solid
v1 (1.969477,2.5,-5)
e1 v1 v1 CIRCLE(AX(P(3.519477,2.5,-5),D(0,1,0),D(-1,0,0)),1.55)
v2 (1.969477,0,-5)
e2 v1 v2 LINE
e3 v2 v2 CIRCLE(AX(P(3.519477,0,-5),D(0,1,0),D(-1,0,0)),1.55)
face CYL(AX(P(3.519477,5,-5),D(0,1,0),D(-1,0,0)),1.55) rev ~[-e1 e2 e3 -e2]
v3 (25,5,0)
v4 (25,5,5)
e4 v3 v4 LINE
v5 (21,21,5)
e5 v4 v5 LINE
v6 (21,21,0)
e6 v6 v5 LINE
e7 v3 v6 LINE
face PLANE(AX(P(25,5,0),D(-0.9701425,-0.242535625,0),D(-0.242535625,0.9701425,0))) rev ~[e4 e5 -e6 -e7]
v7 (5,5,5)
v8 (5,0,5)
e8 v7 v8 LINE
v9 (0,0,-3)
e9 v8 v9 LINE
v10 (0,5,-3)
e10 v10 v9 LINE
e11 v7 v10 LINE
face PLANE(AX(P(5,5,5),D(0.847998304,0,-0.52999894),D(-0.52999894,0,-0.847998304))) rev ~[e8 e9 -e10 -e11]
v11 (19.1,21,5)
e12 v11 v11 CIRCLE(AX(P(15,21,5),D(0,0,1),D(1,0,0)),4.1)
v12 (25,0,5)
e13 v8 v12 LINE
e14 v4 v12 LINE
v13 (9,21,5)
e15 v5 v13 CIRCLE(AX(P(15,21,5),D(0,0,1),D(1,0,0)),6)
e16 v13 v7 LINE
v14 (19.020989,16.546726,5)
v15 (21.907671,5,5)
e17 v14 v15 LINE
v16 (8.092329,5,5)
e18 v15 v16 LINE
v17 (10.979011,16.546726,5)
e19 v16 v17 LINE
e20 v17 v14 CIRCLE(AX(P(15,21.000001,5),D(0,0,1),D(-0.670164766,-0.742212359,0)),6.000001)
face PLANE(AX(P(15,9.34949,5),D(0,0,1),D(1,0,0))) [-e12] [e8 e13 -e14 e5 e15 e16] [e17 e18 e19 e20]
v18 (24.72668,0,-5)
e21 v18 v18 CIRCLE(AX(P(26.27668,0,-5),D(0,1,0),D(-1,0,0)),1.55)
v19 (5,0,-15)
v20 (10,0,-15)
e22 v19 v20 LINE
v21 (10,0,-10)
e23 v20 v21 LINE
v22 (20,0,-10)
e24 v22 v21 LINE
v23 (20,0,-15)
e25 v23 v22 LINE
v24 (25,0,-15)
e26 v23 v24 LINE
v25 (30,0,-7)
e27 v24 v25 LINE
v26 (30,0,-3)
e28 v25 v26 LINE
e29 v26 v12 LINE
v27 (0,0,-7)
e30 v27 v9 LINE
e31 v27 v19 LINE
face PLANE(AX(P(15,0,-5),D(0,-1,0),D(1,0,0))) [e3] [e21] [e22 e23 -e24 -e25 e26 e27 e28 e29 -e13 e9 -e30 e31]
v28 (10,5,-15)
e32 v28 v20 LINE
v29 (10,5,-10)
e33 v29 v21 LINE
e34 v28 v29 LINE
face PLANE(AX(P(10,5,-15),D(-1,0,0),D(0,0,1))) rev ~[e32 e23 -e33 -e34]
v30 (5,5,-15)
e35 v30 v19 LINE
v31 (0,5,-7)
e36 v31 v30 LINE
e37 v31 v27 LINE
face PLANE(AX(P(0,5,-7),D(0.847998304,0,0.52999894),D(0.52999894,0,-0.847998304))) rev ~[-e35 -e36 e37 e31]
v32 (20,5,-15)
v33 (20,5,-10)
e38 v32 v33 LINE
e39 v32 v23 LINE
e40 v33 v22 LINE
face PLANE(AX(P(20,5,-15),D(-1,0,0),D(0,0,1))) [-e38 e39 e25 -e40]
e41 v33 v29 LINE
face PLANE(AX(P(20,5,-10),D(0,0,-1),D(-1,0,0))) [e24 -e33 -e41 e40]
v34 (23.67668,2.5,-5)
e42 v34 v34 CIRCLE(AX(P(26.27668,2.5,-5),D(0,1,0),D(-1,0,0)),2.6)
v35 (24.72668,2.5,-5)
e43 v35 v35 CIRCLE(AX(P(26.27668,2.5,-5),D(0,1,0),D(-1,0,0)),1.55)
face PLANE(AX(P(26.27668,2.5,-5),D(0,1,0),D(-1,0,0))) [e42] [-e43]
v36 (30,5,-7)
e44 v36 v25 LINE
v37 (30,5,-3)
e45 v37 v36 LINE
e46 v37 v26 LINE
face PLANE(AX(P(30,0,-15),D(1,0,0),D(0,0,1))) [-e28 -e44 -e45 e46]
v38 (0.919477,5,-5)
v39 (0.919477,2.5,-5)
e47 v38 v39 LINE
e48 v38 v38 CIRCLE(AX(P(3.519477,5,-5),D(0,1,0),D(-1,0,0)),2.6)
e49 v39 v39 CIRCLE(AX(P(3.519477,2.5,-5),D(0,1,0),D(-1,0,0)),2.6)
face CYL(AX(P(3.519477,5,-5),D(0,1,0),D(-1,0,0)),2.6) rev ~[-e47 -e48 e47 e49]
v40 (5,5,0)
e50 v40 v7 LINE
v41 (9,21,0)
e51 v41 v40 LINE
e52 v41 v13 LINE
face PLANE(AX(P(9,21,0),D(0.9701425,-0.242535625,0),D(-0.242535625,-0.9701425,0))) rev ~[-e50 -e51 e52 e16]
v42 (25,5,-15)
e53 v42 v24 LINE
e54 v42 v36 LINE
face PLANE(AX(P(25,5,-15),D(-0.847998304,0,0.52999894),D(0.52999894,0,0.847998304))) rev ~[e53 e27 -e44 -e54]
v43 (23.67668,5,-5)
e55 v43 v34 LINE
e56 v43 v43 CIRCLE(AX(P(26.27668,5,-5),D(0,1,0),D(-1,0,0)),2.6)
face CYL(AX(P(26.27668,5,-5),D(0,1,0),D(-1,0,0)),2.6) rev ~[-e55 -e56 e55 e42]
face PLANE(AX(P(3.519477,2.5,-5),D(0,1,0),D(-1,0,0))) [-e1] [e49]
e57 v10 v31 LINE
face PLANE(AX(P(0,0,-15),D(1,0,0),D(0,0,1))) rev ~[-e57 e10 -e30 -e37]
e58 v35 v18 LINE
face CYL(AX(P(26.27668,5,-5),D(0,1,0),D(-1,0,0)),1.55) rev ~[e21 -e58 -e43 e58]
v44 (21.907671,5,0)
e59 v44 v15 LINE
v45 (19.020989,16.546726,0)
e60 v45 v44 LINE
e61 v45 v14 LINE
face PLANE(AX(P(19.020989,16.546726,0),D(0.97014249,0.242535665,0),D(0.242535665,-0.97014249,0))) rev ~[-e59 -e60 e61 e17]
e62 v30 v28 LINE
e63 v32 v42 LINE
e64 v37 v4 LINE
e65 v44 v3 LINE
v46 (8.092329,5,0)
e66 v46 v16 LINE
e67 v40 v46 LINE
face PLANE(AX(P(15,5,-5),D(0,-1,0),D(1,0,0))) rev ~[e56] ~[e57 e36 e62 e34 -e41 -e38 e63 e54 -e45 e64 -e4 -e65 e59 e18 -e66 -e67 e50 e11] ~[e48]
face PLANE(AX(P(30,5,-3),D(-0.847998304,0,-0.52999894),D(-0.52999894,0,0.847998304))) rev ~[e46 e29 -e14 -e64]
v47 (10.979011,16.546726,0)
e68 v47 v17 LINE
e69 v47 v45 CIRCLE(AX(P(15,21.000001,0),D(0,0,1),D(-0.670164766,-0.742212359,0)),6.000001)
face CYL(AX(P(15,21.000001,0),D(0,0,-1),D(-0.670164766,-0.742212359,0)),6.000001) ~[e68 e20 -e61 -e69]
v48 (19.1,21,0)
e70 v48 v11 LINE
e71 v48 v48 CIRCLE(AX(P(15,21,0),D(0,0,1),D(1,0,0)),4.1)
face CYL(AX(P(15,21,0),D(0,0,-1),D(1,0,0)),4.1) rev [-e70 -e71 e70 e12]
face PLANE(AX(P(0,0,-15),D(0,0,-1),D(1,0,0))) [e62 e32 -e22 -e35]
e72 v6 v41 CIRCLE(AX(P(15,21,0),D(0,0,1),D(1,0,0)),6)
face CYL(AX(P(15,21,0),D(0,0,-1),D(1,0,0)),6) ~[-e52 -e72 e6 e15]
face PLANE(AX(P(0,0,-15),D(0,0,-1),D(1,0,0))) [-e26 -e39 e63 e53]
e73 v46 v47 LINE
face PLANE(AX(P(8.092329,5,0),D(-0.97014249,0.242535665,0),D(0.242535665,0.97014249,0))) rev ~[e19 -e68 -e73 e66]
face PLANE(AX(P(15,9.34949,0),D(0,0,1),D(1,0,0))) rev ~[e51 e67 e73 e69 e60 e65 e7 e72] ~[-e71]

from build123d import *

# Parameters (mm, degrees)
F0_R     = 4.1
F1_DEPTH = 5
F2_W     = 30
F2_H     = 20
F3_DEPTH = 5
F4_R     = 1.55
F4_W     = 10
F4_H     = 5
F5_DEPTH = 5
F6_R     = 2.6
F7_DEPTH = 2.5


with BuildPart() as f1:
    # F0 (on Top) → F1 (new body)
    with BuildSketch(Plane.XY):
        with BuildLine():
            Line((0, 5), (0, 0))
            Line((0, 0), (30, 0))
            Line((30, 0), (30, 5))
            Line((30, 5), (25, 5))
            Line((25, 5), (21, 21))
            ThreePointArc((21, 21), (15, 27), (9, 21))
            Line((9, 21), (5, 5))
            Line((5, 5), (0, 5))
        make_face()
        with BuildLine():
            Line((8.092329, 5), (10.979011, 16.546726))
            ThreePointArc((10.979011, 16.546726), (15, 15), (19.020989, 16.546726))
            Line((19.020989, 16.546726), (21.907671, 5))
            Line((21.907671, 5), (8.092329, 5))
        make_face(mode=Mode.SUBTRACT)
        with Locations((15, 21)):
            Circle(F0_R, mode=Mode.SUBTRACT)
    extrude(amount=F1_DEPTH)

    # F2 (on face) → F3 (join)
    with BuildSketch(Plane.XZ):
        with Locations((15, -5)):
            Rectangle(F2_W, F2_H)
    extrude(amount=-F3_DEPTH)

    # F4 (on face) → F5 (cut)
    with BuildSketch(Plane(origin=(0, 5, 0), x_dir=(-1, 0, 0), z_dir=(0, 1, 0))):
        with Locations((-26.27668, -5)):
            Circle(F4_R)
        with Locations((-3.519477, -5)):
            Circle(F4_R)
        Polygon((-30, -3), (-25, 5), (-30, 5), align=None)
        Polygon((0, -3), (0, 5), (-5, 5), align=None)
        Polygon((-30, -15), (-25, -15), (-30, -7), align=None)
        Polygon((-5, -15), (0, -15), (0, -7), align=None)
        with Locations((-15, -12.5)):
            Rectangle(F4_W, F4_H)
    extrude(amount=-F5_DEPTH, mode=Mode.SUBTRACT)

    # F6 (on face) → F7 (cut)
    with BuildSketch(Plane(origin=(0, 5, 0), x_dir=(-1, 0, 0), z_dir=(0, 1, 0))):
        with Locations((-26.27668, -5)):
            Circle(F6_R)
        with Locations((-3.519477, -5)):
            Circle(F6_R)
    extrude(amount=-F7_DEPTH, mode=Mode.SUBTRACT)


solid = f1.part
